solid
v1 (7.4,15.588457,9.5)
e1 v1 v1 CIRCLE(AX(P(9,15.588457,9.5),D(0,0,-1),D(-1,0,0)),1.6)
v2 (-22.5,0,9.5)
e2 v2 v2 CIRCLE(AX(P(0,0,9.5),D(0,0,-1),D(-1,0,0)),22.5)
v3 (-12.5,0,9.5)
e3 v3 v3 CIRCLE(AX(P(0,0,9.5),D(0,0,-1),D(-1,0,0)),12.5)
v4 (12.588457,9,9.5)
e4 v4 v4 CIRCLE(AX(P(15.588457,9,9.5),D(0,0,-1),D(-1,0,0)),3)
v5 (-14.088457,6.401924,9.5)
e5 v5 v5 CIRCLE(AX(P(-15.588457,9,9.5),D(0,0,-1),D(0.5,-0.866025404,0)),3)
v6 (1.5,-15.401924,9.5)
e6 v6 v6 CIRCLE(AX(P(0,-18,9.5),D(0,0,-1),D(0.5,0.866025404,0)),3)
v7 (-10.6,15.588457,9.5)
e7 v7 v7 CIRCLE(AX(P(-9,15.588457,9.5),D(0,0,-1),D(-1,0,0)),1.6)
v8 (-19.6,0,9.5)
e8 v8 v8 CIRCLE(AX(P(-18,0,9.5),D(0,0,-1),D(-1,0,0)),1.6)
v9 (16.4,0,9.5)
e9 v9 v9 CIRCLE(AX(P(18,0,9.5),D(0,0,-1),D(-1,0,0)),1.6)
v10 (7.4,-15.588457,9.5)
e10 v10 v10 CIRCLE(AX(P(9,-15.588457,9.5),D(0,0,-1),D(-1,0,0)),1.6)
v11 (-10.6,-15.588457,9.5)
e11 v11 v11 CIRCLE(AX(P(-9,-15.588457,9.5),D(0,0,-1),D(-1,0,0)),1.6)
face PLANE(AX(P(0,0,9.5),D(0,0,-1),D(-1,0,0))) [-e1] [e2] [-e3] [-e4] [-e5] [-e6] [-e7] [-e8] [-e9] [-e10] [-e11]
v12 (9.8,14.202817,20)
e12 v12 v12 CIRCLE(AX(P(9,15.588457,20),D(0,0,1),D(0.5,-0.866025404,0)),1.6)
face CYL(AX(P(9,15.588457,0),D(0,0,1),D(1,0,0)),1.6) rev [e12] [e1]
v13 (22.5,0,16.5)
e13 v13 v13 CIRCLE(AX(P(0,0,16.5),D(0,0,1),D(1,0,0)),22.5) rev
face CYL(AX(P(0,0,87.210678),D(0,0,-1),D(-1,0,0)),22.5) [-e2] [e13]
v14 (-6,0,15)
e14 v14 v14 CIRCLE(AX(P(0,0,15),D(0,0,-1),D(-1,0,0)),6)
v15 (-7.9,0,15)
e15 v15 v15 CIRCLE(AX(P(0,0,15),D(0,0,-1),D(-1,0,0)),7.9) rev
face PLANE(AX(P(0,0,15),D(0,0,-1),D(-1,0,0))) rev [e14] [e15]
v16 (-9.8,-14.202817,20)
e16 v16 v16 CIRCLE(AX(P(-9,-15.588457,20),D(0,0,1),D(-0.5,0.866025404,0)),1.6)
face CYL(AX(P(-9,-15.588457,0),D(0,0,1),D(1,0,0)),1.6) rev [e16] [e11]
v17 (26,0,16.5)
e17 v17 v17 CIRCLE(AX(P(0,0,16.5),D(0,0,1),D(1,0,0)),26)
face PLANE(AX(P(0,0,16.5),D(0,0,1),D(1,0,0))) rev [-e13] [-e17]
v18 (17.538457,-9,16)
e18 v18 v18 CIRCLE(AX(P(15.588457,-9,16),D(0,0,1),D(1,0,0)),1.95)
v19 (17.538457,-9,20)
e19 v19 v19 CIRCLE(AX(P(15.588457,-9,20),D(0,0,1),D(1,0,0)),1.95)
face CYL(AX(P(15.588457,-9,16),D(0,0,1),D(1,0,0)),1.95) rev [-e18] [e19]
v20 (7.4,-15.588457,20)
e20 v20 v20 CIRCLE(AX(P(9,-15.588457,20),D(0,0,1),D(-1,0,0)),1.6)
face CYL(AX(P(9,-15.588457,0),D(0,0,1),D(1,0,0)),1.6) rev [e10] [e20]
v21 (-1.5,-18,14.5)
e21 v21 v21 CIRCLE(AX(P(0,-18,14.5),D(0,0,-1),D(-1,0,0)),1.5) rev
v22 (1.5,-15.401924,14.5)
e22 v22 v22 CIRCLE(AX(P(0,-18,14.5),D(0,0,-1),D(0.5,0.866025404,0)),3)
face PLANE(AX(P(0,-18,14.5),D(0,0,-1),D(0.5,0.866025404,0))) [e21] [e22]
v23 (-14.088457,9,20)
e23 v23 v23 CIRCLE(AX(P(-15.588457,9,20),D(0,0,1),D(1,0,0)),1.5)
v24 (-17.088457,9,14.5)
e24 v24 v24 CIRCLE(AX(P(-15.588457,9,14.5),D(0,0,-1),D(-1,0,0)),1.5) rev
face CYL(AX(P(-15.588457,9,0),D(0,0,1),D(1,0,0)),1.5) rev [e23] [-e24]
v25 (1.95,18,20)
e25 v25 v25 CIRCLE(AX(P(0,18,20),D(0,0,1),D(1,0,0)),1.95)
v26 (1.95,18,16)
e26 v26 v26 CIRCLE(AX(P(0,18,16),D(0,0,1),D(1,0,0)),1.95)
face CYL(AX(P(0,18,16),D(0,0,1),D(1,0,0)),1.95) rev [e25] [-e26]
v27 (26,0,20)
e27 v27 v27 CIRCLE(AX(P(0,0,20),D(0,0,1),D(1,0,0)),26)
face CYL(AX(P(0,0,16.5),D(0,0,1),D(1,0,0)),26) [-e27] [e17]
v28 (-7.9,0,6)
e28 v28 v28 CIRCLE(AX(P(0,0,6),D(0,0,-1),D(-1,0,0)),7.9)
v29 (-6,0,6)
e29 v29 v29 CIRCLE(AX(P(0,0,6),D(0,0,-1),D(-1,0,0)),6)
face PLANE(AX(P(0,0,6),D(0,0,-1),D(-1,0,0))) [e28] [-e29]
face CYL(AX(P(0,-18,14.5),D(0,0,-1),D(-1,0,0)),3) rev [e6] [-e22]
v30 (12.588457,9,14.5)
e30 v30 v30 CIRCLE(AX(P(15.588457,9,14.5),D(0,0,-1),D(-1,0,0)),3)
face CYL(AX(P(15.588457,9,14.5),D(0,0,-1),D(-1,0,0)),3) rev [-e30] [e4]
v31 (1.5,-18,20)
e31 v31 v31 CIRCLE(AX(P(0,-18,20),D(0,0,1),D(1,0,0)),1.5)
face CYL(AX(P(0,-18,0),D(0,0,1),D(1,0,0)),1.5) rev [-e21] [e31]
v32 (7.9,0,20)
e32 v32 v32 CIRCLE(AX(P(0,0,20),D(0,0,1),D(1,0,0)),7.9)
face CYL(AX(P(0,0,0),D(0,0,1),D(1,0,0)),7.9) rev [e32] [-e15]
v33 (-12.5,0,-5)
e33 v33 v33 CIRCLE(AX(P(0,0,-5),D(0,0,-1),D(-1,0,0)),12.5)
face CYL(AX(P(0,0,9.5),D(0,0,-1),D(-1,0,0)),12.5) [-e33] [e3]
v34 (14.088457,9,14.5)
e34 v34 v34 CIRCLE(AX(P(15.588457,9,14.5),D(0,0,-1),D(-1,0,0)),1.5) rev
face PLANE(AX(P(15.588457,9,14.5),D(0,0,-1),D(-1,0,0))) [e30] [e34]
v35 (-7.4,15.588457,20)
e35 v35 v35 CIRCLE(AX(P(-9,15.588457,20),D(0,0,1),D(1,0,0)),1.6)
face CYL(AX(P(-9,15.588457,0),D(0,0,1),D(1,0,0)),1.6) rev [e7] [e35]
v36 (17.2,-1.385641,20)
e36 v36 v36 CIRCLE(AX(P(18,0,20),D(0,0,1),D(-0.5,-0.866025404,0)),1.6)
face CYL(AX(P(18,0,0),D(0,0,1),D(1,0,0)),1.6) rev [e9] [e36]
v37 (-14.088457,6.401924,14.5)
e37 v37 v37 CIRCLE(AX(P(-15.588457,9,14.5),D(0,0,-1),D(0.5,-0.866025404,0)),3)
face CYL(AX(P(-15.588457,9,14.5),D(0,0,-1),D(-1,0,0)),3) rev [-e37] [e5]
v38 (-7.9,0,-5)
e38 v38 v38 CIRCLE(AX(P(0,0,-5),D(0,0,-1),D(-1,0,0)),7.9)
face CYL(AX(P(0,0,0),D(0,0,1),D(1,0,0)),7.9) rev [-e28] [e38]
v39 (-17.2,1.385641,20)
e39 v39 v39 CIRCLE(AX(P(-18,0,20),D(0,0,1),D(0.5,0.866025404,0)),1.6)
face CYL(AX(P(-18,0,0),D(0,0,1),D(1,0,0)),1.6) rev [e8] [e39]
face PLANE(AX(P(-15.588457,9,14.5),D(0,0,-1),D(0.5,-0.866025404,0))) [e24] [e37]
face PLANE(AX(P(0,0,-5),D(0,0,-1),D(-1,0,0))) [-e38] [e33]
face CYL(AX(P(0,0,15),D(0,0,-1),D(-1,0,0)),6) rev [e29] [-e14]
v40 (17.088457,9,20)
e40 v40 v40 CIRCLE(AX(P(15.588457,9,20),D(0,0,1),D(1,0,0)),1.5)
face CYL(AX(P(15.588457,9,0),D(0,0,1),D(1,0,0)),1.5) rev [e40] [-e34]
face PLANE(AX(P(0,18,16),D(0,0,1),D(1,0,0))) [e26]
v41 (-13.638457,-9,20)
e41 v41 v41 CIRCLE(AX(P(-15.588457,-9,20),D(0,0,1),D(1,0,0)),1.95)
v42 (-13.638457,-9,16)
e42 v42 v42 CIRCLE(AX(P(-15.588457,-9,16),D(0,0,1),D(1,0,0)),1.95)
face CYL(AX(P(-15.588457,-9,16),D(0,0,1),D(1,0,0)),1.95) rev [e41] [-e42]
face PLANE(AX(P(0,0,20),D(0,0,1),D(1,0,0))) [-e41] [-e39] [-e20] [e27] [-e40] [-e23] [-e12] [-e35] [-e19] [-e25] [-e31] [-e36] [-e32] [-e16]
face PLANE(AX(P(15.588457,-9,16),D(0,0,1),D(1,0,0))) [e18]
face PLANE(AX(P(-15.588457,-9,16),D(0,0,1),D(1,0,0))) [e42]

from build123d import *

# Parameters (mm, degrees)
SKETCH1_R           = 25
BOSS_EXTRUDE1_DEPTH = 20
SKETCH2_R           = 1.95
CUT_EXTRUDE1_DEPTH  = 4
SKETCH4_R           = 1.5
CUT_EXTRUDE2_DEPTH  = 21
SKETCH6_R           = 7.9
CUT_EXTRUDE3_DEPTH  = 21
BOSS_EXTRUDE4_START = -6
SKETCH7_R           = 7.9
SKETCH7_R_2         = 6
BOSS_EXTRUDE4_DEPTH = 9
SKETCH9_R           = 26
SKETCH9_R_2         = 25
BOSS_EXTRUDE6_DEPTH = 3.5
SKETCH10_R          = 25
SKETCH10_R_2        = 22.5
CUT_EXTRUDE5_DEPTH  = 16.5
SKETCH11_R          = 22.5
SKETCH11_R_2        = 12.5
CUT_EXTRUDE6_DEPTH  = 9.5
SKETCH12_R          = 3
CUT_EXTRUDE7_DEPTH  = 5
CIRPATTERN2_COUNT   = 3
SKETCH13_R          = 1.6
CUT_EXTRUDE8_DEPTH  = 21
CIRPATTERN3_COUNT   = 6
SKETCH15_R          = 12.5
SKETCH15_R_2        = 7.9
BOSS_EXTRUDE7_DEPTH = 5


with BuildPart() as part:
    # Sketch1 → Boss-Extrude1 (new body)
    with BuildSketch(Plane.XY):
        Circle(SKETCH1_R)
    extrude(amount=BOSS_EXTRUDE1_DEPTH)

    # Sketch2 → Cut-Extrude1 (cut)
    with BuildSketch(Plane.XY.offset(20)):
        with Locations((0, 18)):
            Circle(SKETCH2_R)
        with Locations((15.588457268, -9)):
            Circle(SKETCH2_R)
        with Locations((-15.588457268, -9)):
            Circle(SKETCH2_R)
    extrude(amount=-CUT_EXTRUDE1_DEPTH, mode=Mode.SUBTRACT)

    # Sketch4 → Cut-Extrude2 (cut, through all)
    with BuildSketch(Plane.XY.offset(20)):
        with Locations((15.588457268, 9)):
            Circle(SKETCH4_R)
        with Locations((0, -18)):
            Circle(SKETCH4_R)
        with Locations((-15.588457268, 9)):
            Circle(SKETCH4_R)
    extrude(amount=-CUT_EXTRUDE2_DEPTH, mode=Mode.SUBTRACT)

    # Sketch6 → Cut-Extrude3 (cut, through all)
    with BuildSketch(Plane.XY.offset(20)):
        Circle(SKETCH6_R)
    extrude(amount=-CUT_EXTRUDE3_DEPTH, mode=Mode.SUBTRACT)

    # Sketch7 → Boss-Extrude4 (add)
    with BuildSketch(Plane(origin=(0, 0, 0), x_dir=(-1, 0, 0), z_dir=(0, 0, -1)).offset(BOSS_EXTRUDE4_START)):
        Circle(SKETCH7_R)
        Circle(SKETCH7_R_2, mode=Mode.SUBTRACT)
    extrude(amount=-BOSS_EXTRUDE4_DEPTH)

    # Sketch9 → Boss-Extrude6 (add)
    with BuildSketch(Plane.XY.offset(20)):
        Circle(SKETCH9_R)
        Circle(SKETCH9_R_2, mode=Mode.SUBTRACT)
    extrude(amount=-BOSS_EXTRUDE6_DEPTH)

    # Sketch10 → Cut-Extrude5 (cut)
    with BuildSketch(Plane(origin=(0, 0, 0), x_dir=(-1, 0, 0), z_dir=(0, 0, -1))):
        Circle(SKETCH10_R)
        Circle(SKETCH10_R_2, mode=Mode.SUBTRACT)
    extrude(amount=-CUT_EXTRUDE5_DEPTH, mode=Mode.SUBTRACT)

    # Sketch11 → Cut-Extrude6 (cut)
    with BuildSketch(Plane(origin=(0, 0, 0), x_dir=(-1, 0, 0), z_dir=(0, 0, -1))):
        Circle(SKETCH11_R)
        Circle(SKETCH11_R_2, mode=Mode.SUBTRACT)
    extrude(amount=-CUT_EXTRUDE6_DEPTH, mode=Mode.SUBTRACT)

    # Sketch12 → Cut-Extrude7 (cut)
    with BuildSketch(Plane(origin=(0, 0, 9.5), x_dir=(-1, 0, 0), z_dir=(0, 0, -1))):
        with Locations((-15.588457268, 9)):
            Circle(SKETCH12_R)
    cut_extrude7 = extrude(amount=-CUT_EXTRUDE7_DEPTH, mode=Mode.SUBTRACT)

    # CirPattern2: Cut-Extrude7 ×3 about axis
    cirpattern2_axis = Axis((0, 0, 0), (0, 0, 1))
    for i in range(1, CIRPATTERN2_COUNT):
        add(cut_extrude7.rotate(cirpattern2_axis, i * 360 / CIRPATTERN2_COUNT), mode=Mode.SUBTRACT)

    # Sketch13 → Cut-Extrude8 (cut, through all)
    with BuildSketch(Plane.XY.offset(20)):
        with Locations((-9, 15.588457268)):
            Circle(SKETCH13_R)
    cut_extrude8 = extrude(amount=-CUT_EXTRUDE8_DEPTH, mode=Mode.SUBTRACT)

    # CirPattern3: Cut-Extrude8 ×6 about axis
    cirpattern3_axis = Axis((0, 0, 0), (0, 0, 1))
    for i in range(1, CIRPATTERN3_COUNT):
        add(cut_extrude8.rotate(cirpattern3_axis, i * 360 / CIRPATTERN3_COUNT), mode=Mode.SUBTRACT)

    # Sketch15 → Boss-Extrude7 (add)
    with BuildSketch(Plane(origin=(0, 0, 0), x_dir=(-1, 0, 0), z_dir=(0, 0, -1))):
        Circle(SKETCH15_R)
        Circle(SKETCH15_R_2, mode=Mode.SUBTRACT)
    extrude(amount=BOSS_EXTRUDE7_DEPTH)


solid = part.part
